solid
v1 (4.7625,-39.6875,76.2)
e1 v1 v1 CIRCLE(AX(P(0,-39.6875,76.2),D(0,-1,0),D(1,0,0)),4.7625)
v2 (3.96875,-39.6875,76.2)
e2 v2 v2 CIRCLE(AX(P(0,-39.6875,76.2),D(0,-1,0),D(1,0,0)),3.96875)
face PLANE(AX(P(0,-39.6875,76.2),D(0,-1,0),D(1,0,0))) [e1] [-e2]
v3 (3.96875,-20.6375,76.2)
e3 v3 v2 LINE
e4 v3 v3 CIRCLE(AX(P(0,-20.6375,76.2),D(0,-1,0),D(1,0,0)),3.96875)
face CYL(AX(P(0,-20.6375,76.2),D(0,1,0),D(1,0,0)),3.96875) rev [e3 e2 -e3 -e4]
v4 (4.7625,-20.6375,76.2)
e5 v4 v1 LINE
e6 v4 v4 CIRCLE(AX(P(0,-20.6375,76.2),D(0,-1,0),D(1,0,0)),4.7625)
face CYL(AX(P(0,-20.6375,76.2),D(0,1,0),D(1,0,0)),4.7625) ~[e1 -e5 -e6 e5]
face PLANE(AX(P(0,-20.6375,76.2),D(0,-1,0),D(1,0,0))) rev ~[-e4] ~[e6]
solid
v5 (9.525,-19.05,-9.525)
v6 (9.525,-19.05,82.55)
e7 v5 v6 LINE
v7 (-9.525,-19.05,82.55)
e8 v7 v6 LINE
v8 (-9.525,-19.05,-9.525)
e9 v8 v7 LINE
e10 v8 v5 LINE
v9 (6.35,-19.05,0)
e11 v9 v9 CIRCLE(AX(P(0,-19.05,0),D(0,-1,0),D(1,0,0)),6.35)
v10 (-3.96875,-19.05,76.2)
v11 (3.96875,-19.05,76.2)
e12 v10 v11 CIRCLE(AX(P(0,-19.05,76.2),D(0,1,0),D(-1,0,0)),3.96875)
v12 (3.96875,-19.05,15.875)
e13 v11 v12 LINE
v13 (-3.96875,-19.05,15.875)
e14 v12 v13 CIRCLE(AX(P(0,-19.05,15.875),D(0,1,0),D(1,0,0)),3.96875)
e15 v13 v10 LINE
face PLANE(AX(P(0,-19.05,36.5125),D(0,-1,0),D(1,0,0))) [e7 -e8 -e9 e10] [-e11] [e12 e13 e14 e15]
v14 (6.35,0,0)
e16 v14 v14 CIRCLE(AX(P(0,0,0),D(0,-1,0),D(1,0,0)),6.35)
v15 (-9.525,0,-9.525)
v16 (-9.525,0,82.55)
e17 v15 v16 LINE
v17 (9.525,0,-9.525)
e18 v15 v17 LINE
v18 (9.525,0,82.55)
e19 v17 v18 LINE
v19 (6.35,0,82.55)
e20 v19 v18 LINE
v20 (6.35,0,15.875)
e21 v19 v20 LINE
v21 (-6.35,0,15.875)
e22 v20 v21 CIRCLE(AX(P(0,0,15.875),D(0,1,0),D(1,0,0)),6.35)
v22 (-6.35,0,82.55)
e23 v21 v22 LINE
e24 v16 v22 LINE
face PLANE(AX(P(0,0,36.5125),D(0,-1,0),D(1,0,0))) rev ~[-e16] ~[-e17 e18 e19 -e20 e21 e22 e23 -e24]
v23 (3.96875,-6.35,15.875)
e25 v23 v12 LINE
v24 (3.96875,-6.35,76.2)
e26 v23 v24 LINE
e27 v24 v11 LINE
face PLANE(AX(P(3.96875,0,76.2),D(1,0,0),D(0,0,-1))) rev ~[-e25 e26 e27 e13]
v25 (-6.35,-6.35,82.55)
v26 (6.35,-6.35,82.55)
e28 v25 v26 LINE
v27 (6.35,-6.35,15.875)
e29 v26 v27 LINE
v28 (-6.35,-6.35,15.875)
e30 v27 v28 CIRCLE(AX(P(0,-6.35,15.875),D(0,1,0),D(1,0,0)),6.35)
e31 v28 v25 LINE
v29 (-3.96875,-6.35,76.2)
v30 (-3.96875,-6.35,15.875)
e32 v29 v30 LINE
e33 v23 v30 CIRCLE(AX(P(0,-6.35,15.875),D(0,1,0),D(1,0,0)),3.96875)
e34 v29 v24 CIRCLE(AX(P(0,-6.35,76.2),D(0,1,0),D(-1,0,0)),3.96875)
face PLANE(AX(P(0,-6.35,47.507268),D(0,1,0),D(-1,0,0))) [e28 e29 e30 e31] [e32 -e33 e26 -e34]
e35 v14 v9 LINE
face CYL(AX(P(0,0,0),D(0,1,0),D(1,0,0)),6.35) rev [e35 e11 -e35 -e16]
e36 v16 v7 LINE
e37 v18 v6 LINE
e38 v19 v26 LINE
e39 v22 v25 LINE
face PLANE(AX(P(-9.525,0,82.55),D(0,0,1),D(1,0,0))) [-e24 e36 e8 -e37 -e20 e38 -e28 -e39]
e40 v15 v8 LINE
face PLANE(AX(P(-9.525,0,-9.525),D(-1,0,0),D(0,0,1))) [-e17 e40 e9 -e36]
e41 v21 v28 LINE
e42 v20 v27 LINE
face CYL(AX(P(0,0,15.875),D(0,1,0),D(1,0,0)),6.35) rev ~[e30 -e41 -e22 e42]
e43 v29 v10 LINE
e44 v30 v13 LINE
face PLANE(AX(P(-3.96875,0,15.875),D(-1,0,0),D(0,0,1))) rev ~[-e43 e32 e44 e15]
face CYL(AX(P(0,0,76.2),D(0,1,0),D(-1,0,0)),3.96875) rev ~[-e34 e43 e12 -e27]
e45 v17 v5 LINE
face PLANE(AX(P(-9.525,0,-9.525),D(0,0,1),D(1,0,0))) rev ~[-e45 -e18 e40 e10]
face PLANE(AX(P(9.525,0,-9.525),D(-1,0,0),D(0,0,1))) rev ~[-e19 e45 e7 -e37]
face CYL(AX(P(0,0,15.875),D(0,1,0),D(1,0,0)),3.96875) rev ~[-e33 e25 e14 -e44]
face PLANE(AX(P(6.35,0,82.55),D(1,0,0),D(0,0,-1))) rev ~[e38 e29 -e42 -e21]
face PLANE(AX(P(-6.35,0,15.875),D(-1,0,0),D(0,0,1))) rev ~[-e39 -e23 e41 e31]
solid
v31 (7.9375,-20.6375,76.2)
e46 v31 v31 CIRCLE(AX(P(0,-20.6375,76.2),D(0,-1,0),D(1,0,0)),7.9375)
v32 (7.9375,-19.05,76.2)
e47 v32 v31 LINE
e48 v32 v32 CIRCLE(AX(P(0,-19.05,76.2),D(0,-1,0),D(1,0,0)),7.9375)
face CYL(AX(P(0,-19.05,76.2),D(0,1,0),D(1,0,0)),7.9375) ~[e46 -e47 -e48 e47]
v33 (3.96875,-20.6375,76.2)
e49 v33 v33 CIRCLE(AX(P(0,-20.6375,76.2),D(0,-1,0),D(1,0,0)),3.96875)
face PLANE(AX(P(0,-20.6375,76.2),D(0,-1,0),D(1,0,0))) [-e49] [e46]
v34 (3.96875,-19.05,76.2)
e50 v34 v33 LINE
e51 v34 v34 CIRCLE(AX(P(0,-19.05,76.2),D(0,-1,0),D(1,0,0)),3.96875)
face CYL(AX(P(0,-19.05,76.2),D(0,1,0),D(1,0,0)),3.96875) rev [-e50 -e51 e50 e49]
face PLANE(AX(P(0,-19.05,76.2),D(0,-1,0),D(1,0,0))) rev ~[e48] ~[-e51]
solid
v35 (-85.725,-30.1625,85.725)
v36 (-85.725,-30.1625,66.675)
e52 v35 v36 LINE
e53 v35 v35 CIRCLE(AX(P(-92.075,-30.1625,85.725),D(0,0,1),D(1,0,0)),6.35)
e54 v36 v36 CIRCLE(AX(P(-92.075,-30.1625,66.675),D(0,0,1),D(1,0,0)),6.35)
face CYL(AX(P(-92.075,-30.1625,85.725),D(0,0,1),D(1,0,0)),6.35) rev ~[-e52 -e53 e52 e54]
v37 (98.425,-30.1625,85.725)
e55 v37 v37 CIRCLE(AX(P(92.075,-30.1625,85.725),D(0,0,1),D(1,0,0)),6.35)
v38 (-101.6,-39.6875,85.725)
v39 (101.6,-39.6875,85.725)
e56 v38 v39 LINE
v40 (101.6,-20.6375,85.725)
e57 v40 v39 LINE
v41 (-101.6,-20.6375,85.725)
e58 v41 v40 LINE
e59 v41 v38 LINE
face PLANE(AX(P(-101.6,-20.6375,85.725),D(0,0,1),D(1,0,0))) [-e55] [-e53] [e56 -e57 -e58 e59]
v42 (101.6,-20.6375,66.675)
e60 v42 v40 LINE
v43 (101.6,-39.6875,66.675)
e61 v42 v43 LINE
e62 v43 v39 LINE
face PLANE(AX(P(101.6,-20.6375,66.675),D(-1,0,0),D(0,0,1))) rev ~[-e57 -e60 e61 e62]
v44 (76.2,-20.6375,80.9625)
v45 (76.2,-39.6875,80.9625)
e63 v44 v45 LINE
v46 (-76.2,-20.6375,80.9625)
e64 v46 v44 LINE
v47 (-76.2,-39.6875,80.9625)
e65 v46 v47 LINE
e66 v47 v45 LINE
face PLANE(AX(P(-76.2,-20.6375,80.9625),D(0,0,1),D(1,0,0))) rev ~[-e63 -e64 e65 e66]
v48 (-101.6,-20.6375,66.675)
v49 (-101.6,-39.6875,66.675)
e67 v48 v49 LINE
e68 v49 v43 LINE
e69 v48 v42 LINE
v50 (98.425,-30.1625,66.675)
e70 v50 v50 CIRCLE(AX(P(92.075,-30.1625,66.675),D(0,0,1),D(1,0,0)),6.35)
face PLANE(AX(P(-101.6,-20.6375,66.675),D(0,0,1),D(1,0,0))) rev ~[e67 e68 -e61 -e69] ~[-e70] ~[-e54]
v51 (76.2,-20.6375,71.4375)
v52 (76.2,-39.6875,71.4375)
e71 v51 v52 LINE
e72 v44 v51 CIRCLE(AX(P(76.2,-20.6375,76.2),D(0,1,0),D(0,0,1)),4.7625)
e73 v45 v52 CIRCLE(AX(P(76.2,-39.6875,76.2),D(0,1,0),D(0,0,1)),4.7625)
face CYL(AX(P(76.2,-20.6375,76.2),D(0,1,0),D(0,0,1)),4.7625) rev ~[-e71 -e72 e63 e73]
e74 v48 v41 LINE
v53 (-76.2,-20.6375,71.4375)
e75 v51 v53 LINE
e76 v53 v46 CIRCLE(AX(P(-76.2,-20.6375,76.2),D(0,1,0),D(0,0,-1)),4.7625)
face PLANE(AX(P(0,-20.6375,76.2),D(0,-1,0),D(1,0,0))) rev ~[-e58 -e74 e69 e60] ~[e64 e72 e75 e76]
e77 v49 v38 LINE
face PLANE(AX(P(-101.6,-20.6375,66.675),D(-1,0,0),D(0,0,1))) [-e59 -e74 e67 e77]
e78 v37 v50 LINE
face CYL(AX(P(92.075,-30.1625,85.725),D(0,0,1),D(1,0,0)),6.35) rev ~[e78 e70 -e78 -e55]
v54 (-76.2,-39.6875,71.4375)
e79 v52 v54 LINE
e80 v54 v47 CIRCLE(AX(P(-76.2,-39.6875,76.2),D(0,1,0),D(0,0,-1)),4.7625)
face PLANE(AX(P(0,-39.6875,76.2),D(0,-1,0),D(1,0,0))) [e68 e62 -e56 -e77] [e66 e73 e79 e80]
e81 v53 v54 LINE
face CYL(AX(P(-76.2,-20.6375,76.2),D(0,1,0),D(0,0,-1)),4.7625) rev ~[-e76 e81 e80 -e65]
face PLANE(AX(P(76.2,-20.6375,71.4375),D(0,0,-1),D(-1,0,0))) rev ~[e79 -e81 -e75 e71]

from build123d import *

# Parameters (mm, degrees)
F0_W      = 19.05
F0_H      = 92.075
F0_R      = 6.35
F1_DEPTH  = 19.05
F3_DEPTH  = 6.35
F4_R      = 7.9375
F4_R_2    = 3.96875
F5_DEPTH  = 1.5875
F6_R      = 4.7625
F6_R_2    = 3.96875
F7_DEPTH  = 19.05
F8_W      = 203.2
F8_H      = 19.05
F9_DEPTH  = 19.05
F10_R     = 6.35
F11_DEPTH = 19.05


with BuildPart() as f1:
    # F0 (on Front) → F1 (new body)
    with BuildSketch(Plane.XZ):
        with Locations((0, 36.5125)):
            Rectangle(F0_W, F0_H)
        Circle(F0_R, mode=Mode.SUBTRACT)
        with BuildLine():
            ThreePointArc((-3.96875, 76.2), (0, 80.16875), (3.96875, 76.2))
            Line((3.96875, 76.2), (3.96875, 15.875))
            ThreePointArc((3.96875, 15.875), (0, 11.90625), (-3.96875, 15.875))
            Line((-3.96875, 15.875), (-3.96875, 76.2))
        make_face(mode=Mode.SUBTRACT)
    extrude(amount=F1_DEPTH)

    # F2 (on face) → F3 (cut)
    with BuildSketch(Plane(origin=(0, 0, 0), x_dir=(-1, 0, 0), z_dir=(0, 1, 0))):
        with BuildLine():
            ThreePointArc((-6.35, 15.875), (0, 9.525), (6.35, 15.875))
            Line((6.35, 15.875), (6.35, 82.55))
            Line((6.35, 82.55), (-6.35, 82.55))
            Line((-6.35, 82.55), (-6.35, 15.875))
        make_face()
    extrude(amount=-F3_DEPTH, mode=Mode.SUBTRACT)


with BuildPart() as f5:
    # F4 (on face) → F5 (new body)
    with BuildSketch(Plane.XZ.offset(19.05)):
        with Locations((0, 76.2)):
            Circle(F4_R)
        with Locations((0, 76.2)):
            Circle(F4_R_2, mode=Mode.SUBTRACT)
    extrude(amount=F5_DEPTH)


with BuildPart() as f7:
    # F6 (on face) → F7 (new body)
    with BuildSketch(Plane.XZ.offset(20.6375)):
        with Locations((0, 76.2)):
            Circle(F6_R)
        with Locations((0, 76.2)):
            Circle(F6_R_2, mode=Mode.SUBTRACT)
    extrude(amount=F7_DEPTH)


with BuildPart() as f9:
    # F8 (on face) → F9 (new body)
    with BuildSketch(Plane.XZ.offset(20.6375)):
        with Locations((0, 76.2)):
            Rectangle(F8_W, F8_H)
        with BuildLine():
            ThreePointArc((-76.2, 71.4375), (-80.9625, 76.2), (-76.2, 80.9625))
            Line((-76.2, 80.9625), (76.2, 80.9625))
            ThreePointArc((76.2, 80.9625), (80.9625, 76.2), (76.2, 71.4375))
            Line((76.2, 71.4375), (-76.2, 71.4375))
        make_face(mode=Mode.SUBTRACT)
    extrude(amount=F9_DEPTH)

    # F10 (on face) → F11 (cut, through all)
    with BuildSketch(Plane.XY.offset(85.725)):
        with Locations((-92.075, -30.1625)):
            Circle(F10_R)
        with Locations((92.075, -30.1625)):
            Circle(F10_R)
    extrude(amount=-F11_DEPTH, mode=Mode.SUBTRACT)


solid = Compound([f1.part, f5.part, f7.part, f9.part])
